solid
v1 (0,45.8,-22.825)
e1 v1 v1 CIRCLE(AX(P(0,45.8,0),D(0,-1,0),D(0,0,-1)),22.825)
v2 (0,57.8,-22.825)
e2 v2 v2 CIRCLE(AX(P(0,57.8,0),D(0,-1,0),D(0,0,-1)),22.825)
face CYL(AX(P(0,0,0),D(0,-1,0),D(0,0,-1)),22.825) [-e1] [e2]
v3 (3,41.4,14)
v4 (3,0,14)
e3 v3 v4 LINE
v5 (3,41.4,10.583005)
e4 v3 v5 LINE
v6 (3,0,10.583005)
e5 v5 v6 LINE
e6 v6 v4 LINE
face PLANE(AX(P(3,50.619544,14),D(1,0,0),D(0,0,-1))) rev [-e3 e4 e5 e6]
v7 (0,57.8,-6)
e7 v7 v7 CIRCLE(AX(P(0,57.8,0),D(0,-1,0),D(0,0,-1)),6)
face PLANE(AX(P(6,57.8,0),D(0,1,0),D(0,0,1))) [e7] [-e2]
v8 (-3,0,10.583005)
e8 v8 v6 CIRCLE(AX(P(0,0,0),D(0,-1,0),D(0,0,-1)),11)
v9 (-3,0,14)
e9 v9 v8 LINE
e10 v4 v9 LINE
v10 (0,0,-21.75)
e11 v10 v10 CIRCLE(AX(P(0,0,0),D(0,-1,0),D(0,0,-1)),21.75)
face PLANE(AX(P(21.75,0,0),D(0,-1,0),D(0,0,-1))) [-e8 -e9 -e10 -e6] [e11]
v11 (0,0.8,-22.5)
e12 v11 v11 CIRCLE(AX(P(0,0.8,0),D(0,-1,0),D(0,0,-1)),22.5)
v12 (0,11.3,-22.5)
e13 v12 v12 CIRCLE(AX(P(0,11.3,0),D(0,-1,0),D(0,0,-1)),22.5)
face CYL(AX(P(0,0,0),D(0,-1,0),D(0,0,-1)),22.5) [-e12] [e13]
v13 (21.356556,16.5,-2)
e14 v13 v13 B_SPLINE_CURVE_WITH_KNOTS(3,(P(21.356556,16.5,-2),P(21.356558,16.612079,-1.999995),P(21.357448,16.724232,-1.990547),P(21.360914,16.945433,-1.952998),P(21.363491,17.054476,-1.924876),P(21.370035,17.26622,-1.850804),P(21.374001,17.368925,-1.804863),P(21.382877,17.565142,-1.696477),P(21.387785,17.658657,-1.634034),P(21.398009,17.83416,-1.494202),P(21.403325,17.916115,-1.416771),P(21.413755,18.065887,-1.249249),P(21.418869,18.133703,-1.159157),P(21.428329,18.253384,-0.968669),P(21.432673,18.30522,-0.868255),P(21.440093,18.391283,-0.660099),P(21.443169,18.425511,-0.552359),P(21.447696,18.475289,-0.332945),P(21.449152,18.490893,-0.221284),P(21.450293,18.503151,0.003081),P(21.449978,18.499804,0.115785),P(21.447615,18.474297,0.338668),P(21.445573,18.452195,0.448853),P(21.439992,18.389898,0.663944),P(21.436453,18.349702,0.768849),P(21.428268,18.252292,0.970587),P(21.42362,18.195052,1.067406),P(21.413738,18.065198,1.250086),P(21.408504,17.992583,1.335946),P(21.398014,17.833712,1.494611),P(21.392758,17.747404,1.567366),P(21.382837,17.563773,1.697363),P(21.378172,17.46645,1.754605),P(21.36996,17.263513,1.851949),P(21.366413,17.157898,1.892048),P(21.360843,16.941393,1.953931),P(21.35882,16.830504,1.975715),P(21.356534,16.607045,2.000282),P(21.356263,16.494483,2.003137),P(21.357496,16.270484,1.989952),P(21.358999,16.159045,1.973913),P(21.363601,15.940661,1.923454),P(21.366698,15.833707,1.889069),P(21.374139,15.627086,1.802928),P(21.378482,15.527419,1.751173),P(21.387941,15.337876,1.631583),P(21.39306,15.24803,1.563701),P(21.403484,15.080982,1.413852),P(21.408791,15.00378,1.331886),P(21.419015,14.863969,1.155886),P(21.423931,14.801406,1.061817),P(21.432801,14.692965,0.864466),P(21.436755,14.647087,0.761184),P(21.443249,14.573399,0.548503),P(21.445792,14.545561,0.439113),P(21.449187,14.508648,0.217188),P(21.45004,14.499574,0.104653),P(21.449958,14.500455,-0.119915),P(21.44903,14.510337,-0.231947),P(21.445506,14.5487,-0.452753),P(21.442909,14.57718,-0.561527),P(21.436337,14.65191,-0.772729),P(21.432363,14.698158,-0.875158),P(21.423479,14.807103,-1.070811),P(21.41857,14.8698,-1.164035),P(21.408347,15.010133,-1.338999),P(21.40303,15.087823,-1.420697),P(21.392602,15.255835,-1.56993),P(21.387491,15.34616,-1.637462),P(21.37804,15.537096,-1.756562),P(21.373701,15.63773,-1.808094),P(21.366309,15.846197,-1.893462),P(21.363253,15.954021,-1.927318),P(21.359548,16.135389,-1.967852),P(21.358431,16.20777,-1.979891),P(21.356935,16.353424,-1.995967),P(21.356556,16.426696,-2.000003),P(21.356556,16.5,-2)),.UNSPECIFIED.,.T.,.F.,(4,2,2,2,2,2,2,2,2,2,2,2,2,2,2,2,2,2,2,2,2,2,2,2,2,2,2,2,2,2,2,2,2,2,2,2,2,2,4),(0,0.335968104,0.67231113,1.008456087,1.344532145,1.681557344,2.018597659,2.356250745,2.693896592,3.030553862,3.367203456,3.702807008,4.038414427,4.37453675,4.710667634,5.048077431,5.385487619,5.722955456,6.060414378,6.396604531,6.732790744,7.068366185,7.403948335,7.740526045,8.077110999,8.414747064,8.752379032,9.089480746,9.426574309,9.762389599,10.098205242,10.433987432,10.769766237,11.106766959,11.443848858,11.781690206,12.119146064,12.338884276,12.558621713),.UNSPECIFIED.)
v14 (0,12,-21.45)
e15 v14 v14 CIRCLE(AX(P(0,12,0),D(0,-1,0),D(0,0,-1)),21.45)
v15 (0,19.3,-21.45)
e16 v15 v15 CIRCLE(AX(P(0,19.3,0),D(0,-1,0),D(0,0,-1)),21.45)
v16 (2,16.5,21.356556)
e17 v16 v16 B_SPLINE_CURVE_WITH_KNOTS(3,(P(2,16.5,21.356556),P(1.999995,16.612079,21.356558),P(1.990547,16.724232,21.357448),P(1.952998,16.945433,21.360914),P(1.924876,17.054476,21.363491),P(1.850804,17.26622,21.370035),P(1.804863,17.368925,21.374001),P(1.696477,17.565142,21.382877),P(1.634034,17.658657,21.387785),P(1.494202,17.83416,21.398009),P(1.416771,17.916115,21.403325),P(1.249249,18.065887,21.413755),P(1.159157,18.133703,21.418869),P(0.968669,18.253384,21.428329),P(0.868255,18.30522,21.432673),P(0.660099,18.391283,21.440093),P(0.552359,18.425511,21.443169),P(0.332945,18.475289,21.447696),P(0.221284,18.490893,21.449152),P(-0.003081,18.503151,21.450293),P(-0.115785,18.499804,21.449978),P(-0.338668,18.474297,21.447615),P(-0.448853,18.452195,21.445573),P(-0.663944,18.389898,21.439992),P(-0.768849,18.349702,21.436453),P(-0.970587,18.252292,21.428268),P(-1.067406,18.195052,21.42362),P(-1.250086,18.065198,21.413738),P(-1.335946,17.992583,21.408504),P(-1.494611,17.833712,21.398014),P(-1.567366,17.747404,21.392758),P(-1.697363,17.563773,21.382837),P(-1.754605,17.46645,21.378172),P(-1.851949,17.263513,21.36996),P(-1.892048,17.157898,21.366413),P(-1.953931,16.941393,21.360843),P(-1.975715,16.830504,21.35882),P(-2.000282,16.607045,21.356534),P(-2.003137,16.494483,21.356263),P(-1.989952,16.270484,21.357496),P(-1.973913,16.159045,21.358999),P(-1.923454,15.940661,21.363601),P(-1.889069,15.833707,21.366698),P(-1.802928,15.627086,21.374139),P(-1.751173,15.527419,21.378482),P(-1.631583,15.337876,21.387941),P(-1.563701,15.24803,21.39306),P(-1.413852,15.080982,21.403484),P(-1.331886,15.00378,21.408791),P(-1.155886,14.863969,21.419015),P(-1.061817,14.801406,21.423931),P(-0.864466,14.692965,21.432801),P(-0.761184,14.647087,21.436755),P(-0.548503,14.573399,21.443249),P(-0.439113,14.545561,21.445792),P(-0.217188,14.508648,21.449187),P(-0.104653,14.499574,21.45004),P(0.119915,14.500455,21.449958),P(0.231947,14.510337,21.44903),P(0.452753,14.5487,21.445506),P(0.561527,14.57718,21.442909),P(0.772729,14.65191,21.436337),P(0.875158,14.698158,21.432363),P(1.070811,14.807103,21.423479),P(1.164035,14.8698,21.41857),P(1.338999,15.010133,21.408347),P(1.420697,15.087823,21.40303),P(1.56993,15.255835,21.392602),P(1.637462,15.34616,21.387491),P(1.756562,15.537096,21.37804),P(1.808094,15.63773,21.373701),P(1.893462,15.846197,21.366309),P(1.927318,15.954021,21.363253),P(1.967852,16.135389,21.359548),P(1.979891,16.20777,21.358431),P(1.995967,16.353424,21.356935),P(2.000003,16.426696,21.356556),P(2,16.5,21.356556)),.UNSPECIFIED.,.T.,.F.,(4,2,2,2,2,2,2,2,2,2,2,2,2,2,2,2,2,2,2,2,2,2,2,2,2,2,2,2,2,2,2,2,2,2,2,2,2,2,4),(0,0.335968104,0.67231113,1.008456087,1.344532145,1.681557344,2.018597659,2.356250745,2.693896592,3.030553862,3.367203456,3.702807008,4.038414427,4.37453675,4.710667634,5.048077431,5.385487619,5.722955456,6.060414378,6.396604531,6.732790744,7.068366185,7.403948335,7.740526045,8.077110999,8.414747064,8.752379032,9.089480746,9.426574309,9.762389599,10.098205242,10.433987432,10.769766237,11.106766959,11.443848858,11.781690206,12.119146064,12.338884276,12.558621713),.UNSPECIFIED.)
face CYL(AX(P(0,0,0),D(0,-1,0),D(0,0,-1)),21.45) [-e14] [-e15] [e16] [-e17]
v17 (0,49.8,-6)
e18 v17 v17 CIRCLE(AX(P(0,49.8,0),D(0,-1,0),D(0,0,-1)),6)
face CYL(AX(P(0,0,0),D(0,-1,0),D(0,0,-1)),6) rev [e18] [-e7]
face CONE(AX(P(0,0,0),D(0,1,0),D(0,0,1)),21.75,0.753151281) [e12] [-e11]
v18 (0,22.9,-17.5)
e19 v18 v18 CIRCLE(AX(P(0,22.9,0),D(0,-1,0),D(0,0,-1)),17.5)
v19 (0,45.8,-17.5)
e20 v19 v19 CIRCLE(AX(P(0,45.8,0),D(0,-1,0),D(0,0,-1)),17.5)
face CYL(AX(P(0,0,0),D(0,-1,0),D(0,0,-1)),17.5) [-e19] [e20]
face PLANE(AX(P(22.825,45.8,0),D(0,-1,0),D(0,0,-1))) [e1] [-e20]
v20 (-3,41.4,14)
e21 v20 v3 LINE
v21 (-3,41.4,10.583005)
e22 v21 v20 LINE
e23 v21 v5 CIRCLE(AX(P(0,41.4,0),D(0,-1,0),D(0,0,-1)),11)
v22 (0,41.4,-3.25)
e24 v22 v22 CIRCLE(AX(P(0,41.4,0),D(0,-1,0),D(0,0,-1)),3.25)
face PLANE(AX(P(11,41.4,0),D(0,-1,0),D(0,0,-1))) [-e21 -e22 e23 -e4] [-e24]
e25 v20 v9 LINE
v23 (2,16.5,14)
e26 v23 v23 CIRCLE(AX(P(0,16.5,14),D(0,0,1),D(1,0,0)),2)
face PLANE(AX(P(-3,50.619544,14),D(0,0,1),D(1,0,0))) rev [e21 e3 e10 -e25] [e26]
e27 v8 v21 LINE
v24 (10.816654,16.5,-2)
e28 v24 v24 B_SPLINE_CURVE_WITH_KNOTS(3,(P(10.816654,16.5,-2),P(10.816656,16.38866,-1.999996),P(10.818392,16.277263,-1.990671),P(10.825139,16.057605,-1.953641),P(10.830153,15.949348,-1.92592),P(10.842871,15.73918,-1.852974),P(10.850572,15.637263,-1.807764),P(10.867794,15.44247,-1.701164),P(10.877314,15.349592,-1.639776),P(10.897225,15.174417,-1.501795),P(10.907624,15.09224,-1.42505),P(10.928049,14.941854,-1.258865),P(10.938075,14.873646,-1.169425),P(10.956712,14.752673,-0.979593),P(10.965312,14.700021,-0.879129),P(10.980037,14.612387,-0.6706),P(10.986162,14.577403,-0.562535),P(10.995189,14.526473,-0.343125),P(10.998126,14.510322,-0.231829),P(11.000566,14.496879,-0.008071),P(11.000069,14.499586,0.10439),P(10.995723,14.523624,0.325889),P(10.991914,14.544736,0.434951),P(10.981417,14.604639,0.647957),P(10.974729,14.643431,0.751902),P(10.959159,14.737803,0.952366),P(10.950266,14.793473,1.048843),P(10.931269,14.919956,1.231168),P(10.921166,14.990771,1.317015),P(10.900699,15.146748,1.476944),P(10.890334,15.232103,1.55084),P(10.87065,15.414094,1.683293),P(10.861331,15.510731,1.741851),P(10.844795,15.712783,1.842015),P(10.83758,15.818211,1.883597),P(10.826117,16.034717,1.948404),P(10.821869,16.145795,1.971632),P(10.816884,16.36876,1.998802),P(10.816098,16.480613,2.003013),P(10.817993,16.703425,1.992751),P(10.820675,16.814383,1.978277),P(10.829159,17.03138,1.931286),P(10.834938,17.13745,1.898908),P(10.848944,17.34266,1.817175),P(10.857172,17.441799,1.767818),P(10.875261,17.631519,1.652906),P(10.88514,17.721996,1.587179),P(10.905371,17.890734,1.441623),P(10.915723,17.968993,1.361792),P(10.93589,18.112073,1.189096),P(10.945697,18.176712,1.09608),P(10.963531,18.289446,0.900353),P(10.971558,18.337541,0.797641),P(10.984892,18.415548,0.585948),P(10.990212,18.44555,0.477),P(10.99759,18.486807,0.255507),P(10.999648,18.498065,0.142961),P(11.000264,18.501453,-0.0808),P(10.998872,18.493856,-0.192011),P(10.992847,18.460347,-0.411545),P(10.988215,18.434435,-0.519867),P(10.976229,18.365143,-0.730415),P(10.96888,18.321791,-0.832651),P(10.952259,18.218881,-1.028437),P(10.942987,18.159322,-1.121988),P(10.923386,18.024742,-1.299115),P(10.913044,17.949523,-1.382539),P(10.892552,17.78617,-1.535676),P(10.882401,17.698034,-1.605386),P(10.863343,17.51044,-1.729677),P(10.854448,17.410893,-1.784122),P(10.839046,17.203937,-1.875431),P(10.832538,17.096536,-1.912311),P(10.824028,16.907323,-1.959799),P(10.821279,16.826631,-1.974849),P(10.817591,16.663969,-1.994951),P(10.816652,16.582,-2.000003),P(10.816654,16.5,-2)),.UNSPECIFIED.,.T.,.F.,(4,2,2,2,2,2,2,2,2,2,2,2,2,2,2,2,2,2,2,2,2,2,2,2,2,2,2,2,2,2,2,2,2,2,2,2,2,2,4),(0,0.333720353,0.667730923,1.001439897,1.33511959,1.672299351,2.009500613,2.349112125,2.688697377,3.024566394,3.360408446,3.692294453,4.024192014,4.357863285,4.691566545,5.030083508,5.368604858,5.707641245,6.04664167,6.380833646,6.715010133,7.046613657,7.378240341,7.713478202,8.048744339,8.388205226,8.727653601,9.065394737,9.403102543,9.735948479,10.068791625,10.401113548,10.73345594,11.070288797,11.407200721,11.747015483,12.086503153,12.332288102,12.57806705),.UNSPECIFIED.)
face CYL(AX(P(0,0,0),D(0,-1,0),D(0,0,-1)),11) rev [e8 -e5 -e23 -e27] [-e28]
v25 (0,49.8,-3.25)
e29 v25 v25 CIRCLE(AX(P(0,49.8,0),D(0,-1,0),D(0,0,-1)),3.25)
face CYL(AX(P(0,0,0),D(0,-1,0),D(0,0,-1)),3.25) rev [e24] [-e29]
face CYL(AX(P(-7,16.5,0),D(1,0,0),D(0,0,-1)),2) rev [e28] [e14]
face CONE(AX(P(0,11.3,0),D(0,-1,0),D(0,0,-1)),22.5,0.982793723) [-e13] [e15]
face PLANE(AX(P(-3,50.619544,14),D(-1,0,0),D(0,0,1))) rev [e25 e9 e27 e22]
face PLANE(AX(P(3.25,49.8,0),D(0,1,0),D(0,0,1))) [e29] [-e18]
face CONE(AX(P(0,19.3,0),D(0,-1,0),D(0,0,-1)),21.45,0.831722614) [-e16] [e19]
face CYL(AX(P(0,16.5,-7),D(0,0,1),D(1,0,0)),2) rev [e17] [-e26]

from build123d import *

# Parameters (mm, degrees)
SKETCH2_W          = 6
SKETCH2_H          = 7
CUT_EXTRUDE1_DEPTH = 41.4
SKETCH3_R          = 2
CUT_EXTRUDE2_DEPTH = 29
SKETCH4_R          = 2
CUT_EXTRUDE3_DEPTH = 29


with BuildPart() as part:
    # Sketch1 → Revolve1 (revolve)
    with BuildSketch(Plane.XY, mode=Mode.PRIVATE) as revolve1_sk:
        Polygon((11, 0), (11, 41.4), (3.25, 41.4), (3.25, 49.8), (6, 49.8), (6, 57.8), (22.825, 57.8), (22.825, 45.8), (17.5, 45.8), (17.5, 22.9), (21.45, 19.3), (21.45, 12), (22.5, 11.3), (22.5, 0.8), (21.75, 0), align=None)
    revolve(revolve1_sk.sketch.rotate(Axis((0, 0, 0), (0, 1, 0)), 90), axis=Axis((0, 0, 0), (0, 1, 0)))

    # Sketch2 → Cut-Extrude1 (cut)
    with BuildSketch(Plane.XZ):
        with Locations((0, 10.5)):
            Rectangle(SKETCH2_W, SKETCH2_H)
    extrude(amount=-CUT_EXTRUDE1_DEPTH, mode=Mode.SUBTRACT)

    # Sketch3 → Cut-Extrude2 (cut)
    with BuildSketch(Plane.XY.offset(22)):
        with Locations((0, 16.5)):
            Circle(SKETCH3_R)
    extrude(amount=-CUT_EXTRUDE2_DEPTH, mode=Mode.SUBTRACT)

    # Sketch4 → Cut-Extrude3 (cut)
    with BuildSketch(Plane(origin=(22, 0, 0), x_dir=(0, 0, -1), z_dir=(1, 0, 0))):
        with Locations((0, 16.5)):
            Circle(SKETCH4_R)
    extrude(amount=-CUT_EXTRUDE3_DEPTH, mode=Mode.SUBTRACT)


solid = part.part
